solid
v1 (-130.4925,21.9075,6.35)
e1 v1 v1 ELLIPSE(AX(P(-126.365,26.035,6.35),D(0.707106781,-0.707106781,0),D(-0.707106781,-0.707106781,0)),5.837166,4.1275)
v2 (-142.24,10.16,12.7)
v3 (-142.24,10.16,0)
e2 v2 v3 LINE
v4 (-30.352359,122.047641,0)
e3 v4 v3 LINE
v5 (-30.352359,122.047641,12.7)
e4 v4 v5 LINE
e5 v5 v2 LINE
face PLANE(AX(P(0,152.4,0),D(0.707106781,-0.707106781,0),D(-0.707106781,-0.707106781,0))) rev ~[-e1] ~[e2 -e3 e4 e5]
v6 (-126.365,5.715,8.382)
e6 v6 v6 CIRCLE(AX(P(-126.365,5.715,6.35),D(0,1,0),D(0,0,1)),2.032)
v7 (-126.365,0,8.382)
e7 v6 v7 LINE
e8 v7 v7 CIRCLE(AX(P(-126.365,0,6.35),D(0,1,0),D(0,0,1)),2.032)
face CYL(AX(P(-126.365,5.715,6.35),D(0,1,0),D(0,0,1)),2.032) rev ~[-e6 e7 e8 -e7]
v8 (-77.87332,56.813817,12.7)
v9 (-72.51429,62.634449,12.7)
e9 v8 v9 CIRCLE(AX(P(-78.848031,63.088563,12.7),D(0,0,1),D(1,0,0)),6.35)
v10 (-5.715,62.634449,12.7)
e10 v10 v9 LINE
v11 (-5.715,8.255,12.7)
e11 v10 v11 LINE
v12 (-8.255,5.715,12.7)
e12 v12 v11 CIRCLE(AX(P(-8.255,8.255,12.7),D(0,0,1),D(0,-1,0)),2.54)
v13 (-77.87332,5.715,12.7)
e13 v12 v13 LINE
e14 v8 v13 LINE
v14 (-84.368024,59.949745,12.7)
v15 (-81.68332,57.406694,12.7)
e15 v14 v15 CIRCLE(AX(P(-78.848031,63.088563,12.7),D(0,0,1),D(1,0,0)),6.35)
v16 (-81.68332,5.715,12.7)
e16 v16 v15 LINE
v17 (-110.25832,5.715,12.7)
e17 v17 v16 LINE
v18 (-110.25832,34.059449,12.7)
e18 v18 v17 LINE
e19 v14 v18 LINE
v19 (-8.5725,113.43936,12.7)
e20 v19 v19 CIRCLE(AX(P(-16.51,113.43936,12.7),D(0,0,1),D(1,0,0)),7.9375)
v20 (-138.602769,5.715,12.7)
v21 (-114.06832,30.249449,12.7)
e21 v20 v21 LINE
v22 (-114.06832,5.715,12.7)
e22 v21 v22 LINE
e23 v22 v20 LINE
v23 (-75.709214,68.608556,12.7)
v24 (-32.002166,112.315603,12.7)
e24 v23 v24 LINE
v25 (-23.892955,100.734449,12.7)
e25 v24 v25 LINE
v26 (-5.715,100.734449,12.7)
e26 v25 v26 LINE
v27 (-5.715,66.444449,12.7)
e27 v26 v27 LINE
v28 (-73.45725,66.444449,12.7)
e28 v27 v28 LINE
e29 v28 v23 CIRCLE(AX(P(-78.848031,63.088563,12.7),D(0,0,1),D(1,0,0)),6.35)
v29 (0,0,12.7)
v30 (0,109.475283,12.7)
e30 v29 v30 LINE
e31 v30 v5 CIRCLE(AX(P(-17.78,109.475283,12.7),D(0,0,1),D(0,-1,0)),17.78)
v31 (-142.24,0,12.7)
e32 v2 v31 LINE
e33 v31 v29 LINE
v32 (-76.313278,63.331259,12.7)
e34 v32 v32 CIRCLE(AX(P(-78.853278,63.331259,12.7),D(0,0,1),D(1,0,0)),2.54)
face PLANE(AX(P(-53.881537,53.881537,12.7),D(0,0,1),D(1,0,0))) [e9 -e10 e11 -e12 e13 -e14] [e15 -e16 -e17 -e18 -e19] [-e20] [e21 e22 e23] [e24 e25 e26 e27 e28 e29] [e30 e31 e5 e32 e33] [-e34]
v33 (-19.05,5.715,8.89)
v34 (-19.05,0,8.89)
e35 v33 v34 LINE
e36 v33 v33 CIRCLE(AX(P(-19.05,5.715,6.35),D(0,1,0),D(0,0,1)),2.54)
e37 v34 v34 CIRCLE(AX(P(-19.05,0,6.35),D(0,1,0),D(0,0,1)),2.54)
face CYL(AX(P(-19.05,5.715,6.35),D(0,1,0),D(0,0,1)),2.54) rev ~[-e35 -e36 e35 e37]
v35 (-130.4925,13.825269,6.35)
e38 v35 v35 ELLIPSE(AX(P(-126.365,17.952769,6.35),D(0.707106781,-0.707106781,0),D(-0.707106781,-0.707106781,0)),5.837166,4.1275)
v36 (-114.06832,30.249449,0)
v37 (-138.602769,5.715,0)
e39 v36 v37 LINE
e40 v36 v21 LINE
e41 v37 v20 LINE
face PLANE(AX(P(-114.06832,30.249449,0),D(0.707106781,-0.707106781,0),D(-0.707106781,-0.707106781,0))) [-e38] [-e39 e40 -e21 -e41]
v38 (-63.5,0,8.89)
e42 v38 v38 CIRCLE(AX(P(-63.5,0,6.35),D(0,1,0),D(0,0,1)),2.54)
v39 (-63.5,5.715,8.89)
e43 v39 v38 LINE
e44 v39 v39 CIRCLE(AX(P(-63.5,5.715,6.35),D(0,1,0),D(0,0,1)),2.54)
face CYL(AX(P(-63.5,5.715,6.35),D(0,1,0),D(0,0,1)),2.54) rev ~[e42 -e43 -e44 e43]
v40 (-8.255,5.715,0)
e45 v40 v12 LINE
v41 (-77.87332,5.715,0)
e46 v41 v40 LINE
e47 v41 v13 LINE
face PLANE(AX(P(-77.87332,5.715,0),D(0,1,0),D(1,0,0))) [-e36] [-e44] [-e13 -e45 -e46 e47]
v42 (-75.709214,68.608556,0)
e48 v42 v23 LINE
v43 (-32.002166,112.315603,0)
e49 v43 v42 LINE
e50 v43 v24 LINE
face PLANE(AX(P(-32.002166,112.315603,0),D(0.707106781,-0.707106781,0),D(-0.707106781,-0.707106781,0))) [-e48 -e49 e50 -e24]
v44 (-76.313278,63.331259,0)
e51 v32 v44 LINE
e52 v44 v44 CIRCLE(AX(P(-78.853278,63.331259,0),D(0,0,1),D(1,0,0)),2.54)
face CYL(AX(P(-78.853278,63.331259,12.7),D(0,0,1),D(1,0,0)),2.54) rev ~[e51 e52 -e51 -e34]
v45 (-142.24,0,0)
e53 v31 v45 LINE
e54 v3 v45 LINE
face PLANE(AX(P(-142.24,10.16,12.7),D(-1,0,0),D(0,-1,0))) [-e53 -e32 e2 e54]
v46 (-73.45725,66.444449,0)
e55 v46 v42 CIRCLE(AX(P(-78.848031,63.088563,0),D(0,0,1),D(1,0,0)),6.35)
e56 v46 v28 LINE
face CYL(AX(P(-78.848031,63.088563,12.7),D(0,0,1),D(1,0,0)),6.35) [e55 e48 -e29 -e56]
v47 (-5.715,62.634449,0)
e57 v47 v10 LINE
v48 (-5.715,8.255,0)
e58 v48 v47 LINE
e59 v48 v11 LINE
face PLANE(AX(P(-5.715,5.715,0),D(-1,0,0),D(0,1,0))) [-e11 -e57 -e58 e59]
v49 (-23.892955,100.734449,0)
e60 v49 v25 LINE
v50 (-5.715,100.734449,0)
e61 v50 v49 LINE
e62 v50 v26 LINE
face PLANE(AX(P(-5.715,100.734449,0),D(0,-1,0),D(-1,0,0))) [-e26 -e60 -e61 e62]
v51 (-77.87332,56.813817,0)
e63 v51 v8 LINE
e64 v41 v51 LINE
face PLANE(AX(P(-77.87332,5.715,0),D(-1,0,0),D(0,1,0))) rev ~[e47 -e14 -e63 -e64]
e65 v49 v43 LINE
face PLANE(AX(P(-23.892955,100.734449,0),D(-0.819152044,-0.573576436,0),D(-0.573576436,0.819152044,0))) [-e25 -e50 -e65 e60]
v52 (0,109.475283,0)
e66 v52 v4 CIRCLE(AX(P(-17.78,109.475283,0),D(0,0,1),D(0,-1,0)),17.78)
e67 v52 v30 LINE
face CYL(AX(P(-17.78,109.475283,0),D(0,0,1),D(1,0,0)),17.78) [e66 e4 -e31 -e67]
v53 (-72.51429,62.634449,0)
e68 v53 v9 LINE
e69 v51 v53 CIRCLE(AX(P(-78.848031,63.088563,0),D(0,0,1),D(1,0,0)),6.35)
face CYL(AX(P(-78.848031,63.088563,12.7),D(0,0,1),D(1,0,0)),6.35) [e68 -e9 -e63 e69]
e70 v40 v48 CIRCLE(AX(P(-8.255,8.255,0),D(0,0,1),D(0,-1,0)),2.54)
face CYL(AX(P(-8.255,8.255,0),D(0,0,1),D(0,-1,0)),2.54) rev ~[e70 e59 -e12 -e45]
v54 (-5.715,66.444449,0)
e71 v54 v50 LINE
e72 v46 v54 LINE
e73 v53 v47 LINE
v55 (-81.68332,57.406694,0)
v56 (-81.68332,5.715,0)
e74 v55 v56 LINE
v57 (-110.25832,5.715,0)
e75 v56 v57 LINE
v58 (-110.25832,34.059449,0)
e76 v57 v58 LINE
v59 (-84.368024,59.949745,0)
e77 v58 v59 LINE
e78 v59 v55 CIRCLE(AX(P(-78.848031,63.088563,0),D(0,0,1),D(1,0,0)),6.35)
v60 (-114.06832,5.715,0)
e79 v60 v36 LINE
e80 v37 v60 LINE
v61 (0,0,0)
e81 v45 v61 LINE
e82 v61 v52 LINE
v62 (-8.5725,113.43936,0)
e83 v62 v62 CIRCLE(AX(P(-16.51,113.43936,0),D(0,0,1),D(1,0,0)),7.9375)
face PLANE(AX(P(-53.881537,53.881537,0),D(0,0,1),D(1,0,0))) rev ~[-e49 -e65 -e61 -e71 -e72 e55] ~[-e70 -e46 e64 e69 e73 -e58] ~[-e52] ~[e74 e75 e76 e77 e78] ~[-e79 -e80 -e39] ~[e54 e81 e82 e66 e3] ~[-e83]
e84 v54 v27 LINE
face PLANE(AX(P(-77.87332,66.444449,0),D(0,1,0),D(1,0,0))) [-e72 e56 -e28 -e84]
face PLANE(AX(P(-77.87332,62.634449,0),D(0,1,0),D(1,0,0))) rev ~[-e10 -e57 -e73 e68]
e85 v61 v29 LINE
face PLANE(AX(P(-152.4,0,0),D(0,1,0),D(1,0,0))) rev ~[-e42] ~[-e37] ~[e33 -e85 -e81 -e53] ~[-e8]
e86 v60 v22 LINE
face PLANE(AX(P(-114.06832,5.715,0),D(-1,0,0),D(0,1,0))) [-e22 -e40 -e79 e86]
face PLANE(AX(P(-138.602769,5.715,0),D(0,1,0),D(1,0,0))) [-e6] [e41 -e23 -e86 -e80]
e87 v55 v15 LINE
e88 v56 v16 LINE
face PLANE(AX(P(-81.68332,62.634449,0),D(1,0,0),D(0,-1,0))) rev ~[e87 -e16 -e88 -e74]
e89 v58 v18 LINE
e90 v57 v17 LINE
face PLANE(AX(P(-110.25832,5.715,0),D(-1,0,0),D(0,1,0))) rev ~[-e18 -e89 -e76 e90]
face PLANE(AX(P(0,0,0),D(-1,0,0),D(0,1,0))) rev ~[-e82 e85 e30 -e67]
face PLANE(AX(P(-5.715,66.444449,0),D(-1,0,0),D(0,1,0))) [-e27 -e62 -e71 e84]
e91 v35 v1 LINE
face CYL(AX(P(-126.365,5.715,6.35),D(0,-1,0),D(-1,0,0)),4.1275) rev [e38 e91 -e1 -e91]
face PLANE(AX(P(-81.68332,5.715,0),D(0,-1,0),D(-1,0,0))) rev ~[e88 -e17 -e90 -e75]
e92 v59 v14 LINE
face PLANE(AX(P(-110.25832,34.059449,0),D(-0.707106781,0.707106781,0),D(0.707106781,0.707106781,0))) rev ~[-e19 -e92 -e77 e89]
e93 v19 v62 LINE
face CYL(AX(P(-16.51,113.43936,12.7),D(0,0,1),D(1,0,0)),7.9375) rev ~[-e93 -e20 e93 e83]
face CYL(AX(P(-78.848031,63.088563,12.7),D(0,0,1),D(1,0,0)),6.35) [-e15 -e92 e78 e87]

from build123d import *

# Parameters (mm, degrees)
BOSS_EXTRUDE1_DEPTH = 12.7
FILLET1_R           = 17.78
SKETCH2_R           = 7.9375
CUT_EXTRUDE1_DEPTH  = 25.4
SKETCH4_W           = 72.158320094
SKETCH4_H           = 56.919449397
CUT_EXTRUDE2_DEPTH  = 24.638
SKETCH5_R           = 2.032
CUT_EXTRUDE3_DEPTH  = 12.7
SKETCH6_R           = 4.1275
CUT_EXTRUDE4_DEPTH  = 32.258
SKETCH7_R           = 2.54
CUT_EXTRUDE5_DEPTH  = 12.7
FILLET2_R           = 2.54
SKETCH8_R           = 6.35
BOSS_EXTRUDE2_DEPTH = 12.7
SKETCH9_R           = 2.54
CUT_EXTRUDE6_DEPTH  = 12.7


with BuildPart() as part:
    # Sketch1 → Boss-Extrude1 (new body)
    with BuildSketch(Plane.XY):
        Polygon((-152.4, 0), (0, 0), (0, 152.4), align=None)
    extrude(amount=BOSS_EXTRUDE1_DEPTH)

    # Fillet1
    fillet1_edges = [part.edges().sort_by_distance(p)[0] for p in [
        (0, 152.4, 6.35),
    ]]
    fillet(fillet1_edges, radius=FILLET1_R)

    # Sketch2 → Cut-Extrude1 (cut)
    with BuildSketch(Plane.XY.offset(12.7)):
        with Locations((-16.51, 113.439359697)):
            Circle(SKETCH2_R)
        Polygon((-142.24, 0), (-152.4, 0), (-142.24, 10.16), align=None)
    extrude(amount=-CUT_EXTRUDE1_DEPTH, mode=Mode.SUBTRACT)

    # Sketch4 → Cut-Extrude2 (cut)
    with BuildSketch(Plane.XY):
        Polygon((-138.602769491, 5.715), (-114.068320094, 5.715), (-114.068320094, 30.249449397), align=None)
        Polygon((-110.258320094, 5.715), (-110.258320094, 34.059449397), (-81.683320094, 62.634449397), (-81.683320094, 5.715), align=None)
        Polygon((-77.873320094, 66.444449397), (-5.715, 66.444449397), (-5.715, 100.734449397), (-23.892955176, 100.734449397), (-32.002166338, 112.315603153), align=None)
        with Locations((-41.794160047, 34.174724699)):
            Rectangle(SKETCH4_W, SKETCH4_H)
    extrude(amount=CUT_EXTRUDE2_DEPTH, mode=Mode.SUBTRACT)

    # Sketch5 → Cut-Extrude3 (cut)
    with BuildSketch(Plane(origin=(0, 5.715, 0), x_dir=(1, 0, 0), z_dir=(0, 1, 0))):
        with Locations((-126.365, -6.35)):
            Circle(SKETCH5_R)
    extrude(amount=-CUT_EXTRUDE3_DEPTH, mode=Mode.SUBTRACT)

    # Sketch6 → Cut-Extrude4 (cut)
    with BuildSketch(Plane(origin=(0, 5.715, 0), x_dir=(1, 0, 0), z_dir=(0, 1, 0))):
        with Locations((-126.365, -6.35)):
            Circle(SKETCH6_R)
    extrude(amount=CUT_EXTRUDE4_DEPTH, mode=Mode.SUBTRACT)

    # Sketch7 → Cut-Extrude5 (cut)
    with BuildSketch(Plane(origin=(0, 5.715, 0), x_dir=(1, 0, 0), z_dir=(0, 1, 0))):
        with Locations((-19.05, -6.35)):
            Circle(SKETCH7_R)
        with Locations((-63.5, -6.35)):
            Circle(SKETCH7_R)
    extrude(amount=-CUT_EXTRUDE5_DEPTH, mode=Mode.SUBTRACT)

    # Fillet2
    fillet2_edges = [part.edges().sort_by_distance(p)[0] for p in [
        (-5.715, 5.715, 6.35),
    ]]
    fillet(fillet2_edges, radius=FILLET2_R)

    # Sketch8 → Boss-Extrude2 (add)
    with BuildSketch(Plane.XY.offset(12.7)):
        with Locations((-78.848031384, 63.088562946)):
            Circle(SKETCH8_R)
    extrude(amount=-BOSS_EXTRUDE2_DEPTH)

    # Sketch9 → Cut-Extrude6 (cut)
    with BuildSketch(Plane.XY.offset(12.7)):
        with Locations((-78.853278111, 63.331259387)):
            Circle(SKETCH9_R)
    extrude(amount=-CUT_EXTRUDE6_DEPTH, mode=Mode.SUBTRACT)


solid = part.part
